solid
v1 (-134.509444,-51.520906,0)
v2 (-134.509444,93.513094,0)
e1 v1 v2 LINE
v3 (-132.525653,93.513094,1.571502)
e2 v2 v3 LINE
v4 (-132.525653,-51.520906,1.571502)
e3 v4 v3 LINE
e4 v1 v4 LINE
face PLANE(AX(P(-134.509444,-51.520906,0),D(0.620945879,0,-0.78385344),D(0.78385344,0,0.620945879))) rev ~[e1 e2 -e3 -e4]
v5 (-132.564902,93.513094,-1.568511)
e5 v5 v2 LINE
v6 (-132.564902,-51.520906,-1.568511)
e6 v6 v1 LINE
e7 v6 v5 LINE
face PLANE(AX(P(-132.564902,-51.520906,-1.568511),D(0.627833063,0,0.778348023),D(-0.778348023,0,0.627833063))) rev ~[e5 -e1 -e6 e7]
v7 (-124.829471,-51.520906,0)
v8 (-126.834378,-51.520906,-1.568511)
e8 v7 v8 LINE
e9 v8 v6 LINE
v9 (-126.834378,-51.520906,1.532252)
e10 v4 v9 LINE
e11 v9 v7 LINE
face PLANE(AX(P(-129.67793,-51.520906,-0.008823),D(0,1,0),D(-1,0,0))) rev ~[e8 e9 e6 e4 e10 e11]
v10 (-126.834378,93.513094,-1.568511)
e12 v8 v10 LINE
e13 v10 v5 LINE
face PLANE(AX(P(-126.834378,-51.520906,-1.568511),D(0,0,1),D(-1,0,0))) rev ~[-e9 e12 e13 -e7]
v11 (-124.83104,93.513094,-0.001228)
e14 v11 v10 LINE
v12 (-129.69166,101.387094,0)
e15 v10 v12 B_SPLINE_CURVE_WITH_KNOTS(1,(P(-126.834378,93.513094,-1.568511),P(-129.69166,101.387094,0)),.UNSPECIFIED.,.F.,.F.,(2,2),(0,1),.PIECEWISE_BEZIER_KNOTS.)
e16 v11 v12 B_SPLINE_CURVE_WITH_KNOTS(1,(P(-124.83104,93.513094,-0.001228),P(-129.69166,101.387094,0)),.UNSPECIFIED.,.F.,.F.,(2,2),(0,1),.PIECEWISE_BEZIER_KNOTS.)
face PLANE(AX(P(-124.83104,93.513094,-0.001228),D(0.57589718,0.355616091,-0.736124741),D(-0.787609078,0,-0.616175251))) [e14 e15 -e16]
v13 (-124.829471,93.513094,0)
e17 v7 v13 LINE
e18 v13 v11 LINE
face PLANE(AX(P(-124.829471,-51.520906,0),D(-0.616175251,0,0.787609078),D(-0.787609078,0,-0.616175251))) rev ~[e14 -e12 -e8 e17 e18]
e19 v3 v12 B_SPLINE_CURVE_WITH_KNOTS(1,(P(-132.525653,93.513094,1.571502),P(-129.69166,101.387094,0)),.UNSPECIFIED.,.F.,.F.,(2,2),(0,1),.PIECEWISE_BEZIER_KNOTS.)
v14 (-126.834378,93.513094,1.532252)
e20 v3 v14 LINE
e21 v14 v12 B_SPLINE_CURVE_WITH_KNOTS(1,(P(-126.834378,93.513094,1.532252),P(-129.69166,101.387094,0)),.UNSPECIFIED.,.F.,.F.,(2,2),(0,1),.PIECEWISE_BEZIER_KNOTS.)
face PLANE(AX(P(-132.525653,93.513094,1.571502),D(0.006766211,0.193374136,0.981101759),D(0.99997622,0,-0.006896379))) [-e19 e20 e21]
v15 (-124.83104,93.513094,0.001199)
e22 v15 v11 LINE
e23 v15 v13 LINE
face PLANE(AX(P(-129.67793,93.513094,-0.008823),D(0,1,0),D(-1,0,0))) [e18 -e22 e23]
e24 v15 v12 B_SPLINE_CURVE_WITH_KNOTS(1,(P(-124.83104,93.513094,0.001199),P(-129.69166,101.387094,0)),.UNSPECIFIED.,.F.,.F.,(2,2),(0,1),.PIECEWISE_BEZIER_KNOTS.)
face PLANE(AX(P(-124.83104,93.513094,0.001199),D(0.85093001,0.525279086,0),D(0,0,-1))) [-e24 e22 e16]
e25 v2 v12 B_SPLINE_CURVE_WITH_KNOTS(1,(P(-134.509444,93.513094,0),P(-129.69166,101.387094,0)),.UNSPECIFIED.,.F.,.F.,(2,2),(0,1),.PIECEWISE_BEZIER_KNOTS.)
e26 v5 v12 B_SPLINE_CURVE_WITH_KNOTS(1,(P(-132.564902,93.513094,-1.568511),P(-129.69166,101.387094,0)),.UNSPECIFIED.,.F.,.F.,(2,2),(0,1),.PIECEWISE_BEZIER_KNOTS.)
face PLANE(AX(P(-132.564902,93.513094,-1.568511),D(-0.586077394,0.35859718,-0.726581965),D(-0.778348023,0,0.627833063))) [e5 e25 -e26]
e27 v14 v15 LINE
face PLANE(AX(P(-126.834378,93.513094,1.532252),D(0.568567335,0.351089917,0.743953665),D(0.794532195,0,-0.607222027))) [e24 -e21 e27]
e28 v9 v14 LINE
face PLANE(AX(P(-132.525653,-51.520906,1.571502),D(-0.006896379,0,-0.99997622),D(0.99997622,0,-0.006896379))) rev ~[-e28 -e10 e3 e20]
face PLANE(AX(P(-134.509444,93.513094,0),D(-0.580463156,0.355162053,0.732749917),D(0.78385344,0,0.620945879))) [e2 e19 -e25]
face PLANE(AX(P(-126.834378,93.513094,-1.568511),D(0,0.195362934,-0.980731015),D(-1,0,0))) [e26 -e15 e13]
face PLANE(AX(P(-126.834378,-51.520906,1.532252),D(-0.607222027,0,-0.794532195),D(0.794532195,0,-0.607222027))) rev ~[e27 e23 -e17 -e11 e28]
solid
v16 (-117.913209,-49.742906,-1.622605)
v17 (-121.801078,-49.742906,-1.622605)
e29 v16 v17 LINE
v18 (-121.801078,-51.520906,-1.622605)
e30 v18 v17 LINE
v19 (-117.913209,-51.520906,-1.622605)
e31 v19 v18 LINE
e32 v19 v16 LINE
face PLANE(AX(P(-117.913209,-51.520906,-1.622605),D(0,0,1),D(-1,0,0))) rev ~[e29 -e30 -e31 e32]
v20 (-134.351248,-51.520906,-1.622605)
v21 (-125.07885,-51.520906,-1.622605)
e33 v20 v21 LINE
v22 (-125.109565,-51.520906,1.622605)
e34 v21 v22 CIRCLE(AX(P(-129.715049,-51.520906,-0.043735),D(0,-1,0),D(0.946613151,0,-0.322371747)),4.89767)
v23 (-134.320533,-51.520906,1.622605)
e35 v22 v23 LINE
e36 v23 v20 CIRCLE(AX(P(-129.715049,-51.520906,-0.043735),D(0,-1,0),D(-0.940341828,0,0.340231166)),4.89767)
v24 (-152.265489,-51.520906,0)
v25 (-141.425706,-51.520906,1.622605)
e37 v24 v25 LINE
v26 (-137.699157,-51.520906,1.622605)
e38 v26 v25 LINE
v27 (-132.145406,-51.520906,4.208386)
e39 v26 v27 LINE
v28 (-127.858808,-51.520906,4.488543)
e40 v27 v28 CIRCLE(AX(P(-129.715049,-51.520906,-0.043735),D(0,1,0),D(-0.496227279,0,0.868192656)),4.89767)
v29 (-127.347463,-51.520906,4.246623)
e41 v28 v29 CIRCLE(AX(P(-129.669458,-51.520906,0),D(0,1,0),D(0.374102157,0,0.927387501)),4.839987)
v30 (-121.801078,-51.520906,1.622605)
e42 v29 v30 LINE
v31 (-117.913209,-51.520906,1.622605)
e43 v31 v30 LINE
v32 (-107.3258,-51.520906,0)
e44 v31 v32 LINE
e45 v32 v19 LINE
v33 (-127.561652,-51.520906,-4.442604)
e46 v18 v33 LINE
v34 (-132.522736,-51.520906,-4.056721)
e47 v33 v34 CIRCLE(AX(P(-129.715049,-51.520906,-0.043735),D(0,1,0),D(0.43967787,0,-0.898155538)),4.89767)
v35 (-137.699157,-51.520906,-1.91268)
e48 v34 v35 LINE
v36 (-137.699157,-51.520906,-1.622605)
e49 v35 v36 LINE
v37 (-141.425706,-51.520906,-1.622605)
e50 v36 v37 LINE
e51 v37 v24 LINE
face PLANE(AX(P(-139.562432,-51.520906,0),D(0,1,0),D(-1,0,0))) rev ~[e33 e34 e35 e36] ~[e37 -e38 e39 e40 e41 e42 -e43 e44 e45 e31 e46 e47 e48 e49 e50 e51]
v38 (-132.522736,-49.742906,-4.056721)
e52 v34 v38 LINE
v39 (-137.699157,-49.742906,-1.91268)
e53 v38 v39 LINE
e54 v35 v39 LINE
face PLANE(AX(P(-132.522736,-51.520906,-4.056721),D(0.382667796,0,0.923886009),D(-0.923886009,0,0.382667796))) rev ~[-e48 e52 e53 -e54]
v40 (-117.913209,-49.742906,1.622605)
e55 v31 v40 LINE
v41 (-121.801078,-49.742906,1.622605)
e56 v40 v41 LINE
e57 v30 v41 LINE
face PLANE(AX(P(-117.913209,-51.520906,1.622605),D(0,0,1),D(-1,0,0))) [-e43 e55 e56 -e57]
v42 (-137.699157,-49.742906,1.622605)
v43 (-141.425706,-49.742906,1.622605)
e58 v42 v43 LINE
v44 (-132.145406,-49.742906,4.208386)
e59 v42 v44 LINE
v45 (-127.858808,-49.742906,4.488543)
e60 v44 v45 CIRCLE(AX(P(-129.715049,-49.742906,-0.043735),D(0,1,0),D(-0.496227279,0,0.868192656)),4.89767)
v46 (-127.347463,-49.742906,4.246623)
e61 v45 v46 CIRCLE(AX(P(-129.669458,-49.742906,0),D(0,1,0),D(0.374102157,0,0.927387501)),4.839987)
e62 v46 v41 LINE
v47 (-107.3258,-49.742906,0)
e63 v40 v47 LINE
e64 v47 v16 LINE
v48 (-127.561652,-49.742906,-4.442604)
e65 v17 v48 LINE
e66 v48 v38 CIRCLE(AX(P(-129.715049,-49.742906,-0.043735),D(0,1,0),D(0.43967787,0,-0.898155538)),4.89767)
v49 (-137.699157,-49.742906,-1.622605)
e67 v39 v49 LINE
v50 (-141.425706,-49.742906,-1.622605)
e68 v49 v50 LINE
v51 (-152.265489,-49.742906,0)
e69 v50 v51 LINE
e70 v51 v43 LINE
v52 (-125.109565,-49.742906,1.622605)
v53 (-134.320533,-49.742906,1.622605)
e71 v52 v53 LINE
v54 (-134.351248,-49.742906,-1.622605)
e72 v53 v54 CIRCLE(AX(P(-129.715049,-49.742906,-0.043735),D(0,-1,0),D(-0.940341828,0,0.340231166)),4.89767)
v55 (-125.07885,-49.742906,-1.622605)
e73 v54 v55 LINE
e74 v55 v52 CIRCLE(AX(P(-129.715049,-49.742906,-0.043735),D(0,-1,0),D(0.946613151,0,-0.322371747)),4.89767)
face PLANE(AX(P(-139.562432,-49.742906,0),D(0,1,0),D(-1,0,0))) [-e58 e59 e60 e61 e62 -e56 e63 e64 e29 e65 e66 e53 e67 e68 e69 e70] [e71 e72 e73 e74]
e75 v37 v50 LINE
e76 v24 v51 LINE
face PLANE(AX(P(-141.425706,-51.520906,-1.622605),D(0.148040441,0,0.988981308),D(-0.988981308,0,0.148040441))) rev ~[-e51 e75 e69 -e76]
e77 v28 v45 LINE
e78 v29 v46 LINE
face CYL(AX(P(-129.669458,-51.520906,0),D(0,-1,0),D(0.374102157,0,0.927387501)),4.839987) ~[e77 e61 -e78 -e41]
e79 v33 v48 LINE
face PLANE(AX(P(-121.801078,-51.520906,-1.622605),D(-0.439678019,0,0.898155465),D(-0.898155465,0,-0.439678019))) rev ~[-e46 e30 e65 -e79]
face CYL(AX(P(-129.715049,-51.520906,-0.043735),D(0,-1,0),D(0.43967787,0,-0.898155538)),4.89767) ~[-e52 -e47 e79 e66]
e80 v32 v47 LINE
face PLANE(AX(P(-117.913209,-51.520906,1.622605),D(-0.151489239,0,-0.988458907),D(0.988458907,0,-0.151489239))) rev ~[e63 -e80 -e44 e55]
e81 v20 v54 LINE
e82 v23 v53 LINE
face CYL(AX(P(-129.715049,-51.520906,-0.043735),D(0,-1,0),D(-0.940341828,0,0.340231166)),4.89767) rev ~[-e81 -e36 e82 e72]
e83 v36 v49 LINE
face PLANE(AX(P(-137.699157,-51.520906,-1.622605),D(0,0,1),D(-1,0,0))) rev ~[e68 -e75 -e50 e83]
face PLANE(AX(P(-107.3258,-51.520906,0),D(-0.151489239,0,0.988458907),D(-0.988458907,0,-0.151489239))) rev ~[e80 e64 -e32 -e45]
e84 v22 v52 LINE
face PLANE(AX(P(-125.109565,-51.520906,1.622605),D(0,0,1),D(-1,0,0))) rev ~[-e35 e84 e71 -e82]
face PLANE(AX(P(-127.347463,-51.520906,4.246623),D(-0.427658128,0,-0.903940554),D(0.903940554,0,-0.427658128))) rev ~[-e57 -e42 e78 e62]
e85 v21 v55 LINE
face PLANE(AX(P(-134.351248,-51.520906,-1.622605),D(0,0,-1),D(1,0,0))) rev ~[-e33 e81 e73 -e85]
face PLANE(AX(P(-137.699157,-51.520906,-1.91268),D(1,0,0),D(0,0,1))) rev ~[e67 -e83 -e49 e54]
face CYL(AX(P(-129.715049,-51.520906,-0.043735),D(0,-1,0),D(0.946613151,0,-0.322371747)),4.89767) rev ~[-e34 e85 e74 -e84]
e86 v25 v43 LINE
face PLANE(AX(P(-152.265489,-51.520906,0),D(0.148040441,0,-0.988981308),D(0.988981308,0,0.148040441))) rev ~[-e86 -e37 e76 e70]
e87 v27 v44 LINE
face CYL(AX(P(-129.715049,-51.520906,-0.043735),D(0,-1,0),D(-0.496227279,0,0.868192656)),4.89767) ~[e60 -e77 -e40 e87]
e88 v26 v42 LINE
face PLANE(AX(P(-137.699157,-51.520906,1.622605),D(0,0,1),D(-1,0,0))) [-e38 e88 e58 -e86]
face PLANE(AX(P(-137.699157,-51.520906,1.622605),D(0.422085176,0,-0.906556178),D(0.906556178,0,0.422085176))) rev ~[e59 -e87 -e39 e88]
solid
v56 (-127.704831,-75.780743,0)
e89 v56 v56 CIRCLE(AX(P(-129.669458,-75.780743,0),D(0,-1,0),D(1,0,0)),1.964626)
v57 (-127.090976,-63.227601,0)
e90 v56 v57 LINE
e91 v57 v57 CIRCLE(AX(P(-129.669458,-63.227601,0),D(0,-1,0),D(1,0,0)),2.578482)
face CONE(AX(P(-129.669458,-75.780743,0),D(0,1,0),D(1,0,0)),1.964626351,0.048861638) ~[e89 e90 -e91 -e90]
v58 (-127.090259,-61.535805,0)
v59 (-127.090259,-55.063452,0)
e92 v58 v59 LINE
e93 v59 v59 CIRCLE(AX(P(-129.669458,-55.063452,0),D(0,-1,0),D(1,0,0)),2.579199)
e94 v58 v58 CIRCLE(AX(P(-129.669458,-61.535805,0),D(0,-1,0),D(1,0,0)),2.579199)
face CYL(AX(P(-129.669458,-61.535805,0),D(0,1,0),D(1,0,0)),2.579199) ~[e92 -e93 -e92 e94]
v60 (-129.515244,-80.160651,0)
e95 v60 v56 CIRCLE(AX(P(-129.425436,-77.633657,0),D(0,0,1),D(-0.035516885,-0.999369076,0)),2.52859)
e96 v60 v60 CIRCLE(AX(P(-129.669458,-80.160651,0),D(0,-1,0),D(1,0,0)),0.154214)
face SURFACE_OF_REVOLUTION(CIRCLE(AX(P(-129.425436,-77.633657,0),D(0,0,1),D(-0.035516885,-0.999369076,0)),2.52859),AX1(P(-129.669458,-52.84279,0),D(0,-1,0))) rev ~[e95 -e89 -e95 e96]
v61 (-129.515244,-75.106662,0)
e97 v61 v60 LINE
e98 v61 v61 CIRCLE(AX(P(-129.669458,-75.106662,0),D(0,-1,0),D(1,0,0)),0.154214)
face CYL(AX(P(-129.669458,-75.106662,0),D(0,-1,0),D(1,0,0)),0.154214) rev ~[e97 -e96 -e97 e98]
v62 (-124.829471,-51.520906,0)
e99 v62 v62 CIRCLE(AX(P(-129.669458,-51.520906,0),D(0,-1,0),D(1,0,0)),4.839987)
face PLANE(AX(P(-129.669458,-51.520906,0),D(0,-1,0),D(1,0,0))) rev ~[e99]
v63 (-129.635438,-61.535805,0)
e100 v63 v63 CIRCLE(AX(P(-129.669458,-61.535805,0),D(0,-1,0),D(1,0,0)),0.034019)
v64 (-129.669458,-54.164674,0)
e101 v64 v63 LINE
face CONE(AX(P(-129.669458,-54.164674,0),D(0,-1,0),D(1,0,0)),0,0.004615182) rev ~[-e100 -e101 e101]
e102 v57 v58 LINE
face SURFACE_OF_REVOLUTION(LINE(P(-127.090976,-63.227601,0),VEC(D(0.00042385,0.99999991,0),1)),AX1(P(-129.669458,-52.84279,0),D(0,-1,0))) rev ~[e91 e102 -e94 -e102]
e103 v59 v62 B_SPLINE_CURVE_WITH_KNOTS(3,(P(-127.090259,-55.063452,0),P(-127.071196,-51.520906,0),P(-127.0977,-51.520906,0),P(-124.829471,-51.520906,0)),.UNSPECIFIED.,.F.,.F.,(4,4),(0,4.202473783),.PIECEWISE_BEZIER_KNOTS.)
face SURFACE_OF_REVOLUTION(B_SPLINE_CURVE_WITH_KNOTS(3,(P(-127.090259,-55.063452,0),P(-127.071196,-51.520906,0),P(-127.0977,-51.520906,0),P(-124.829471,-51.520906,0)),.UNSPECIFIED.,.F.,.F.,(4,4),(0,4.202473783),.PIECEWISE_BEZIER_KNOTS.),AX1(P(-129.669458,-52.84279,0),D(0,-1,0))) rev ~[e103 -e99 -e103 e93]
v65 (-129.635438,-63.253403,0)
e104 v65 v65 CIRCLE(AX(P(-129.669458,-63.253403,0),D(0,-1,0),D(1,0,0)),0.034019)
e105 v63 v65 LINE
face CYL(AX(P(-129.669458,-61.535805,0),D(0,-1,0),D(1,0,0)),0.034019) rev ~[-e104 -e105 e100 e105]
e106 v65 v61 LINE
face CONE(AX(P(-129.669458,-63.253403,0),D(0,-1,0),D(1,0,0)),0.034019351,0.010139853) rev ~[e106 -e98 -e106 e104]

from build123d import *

# Parameters (mm, degrees)
F2_W     = 3.7265494466
F2_H     = 3.2452103915
F2_W_2   = 3.8878694177
F3_DEPTH = 1.778
F5_DEPTH = 145.034


with BuildPart() as f1:
    # F0 (on Top) → F1 (revolve)
    with BuildSketch(Plane.XY):
        with BuildLine():
            Line((-127.0902585749, -61.5358054638), (-127.0902585749, -55.0634515109))
            add(Edge.make_bspline(
                [(-129.669457674, -54.1646741331), (-128.2850205898, -54.2526878417), (-127.9523950581, -54.2903457406), (-127.0902585749, -55.0634515109)],
                knots=[0, 0, 0, 0, 2.7313126456, 2.7313126456, 2.7313126456, 2.7313126456], degree=3))
            Line((-129.669457674, -54.1646741331), (-129.635438323, -61.5358054638))
            Line((-129.635438323, -61.5358054638), (-127.0902585749, -61.5358054638))
        make_face()
        with BuildLine():
            add(Edge.make_bspline(
                [(-129.669457674, -54.1646741331), (-128.2850205898, -54.2526878417), (-127.9523950581, -54.2903457406), (-127.0902585749, -55.0634515109)],
                knots=[0, 0, 0, 0, 2.7313126456, 2.7313126456, 2.7313126456, 2.7313126456], degree=3))
            add(Edge.make_bspline(
                [(-127.0902585749, -55.0634515109), (-127.0711956695, -51.5209063888), (-127.0976996838, -51.5209063888), (-124.8294711113, -51.5209063888)],
                knots=[0, 0, 0, 0, 4.2024737832, 4.2024737832, 4.2024737832, 4.2024737832], degree=3))
            Line((-124.8294711113, -51.5209063888), (-129.669457674, -51.5209063888))
            Line((-129.669457674, -51.5209063888), (-129.669457674, -54.1646741331))
        make_face()
        Polygon((-127.0909756422, -63.2276013494), (-127.0902585749, -61.5358054638), (-129.635438323, -61.5358054638), (-129.635438323, -63.25340271), align=None)
        with BuildLine():
            Line((-127.7048313232, -75.7807434323), (-127.0909756422, -63.2276013494))
            Line((-127.0909756422, -63.2276013494), (-129.635438323, -63.25340271))
            Line((-129.635438323, -63.25340271), (-129.5152439055, -75.1066617071))
            ThreePointArc((-129.5152439055, -75.1066617071), (-128.5431259435, -75.263994789), (-127.7048313232, -75.7807434323))
        make_face()
        with BuildLine():
            ThreePointArc((-129.5152439055, -80.1606514156), (-127.0886064754, -78.5995732103), (-127.7048313232, -75.7807434323))
            ThreePointArc((-127.7048313232, -75.7807434323), (-128.5431259435, -75.263994789), (-129.5152439055, -75.1066617071))
            Line((-129.5152439055, -75.1066617071), (-129.5152439055, -80.1606514156))
        make_face()
    revolve(axis=Axis((-129.669457674, -52.8427902609, 0), (0, -1, 0)))


with BuildPart() as f3:
    # F2 (on face) → F3 (new body)
    with BuildSketch(Plane(origin=(0, -51.5209063888, 0), x_dir=(-1, 0, 0), z_dir=(0, 1, 0))):
        with Locations((139.5624317229, 0)):
            Rectangle(F2_W, F2_H)
        Polygon((152.2654891014, 0), (141.4257064462, 1.6226051957), (141.4257064462, -1.6226051957), align=None)
        with BuildLine():
            Line((137.6991569996, -1.6226051957), (137.6991569996, 1.6226051957))
            Line((137.6991569996, 1.6226051957), (134.3205327463, 1.6226051957))
            ThreePointArc((134.3205327463, 1.6226051957), (134.6124994318, 0.0026180172), (134.3512476145, -1.6226051957))
            Line((134.3512476145, -1.6226051957), (137.6991569996, -1.6226051957))
        make_face()
        with BuildLine():
            Line((134.3205327463, 1.6226051957), (137.6991569996, 1.6226051957))
            Line((137.6991569996, 1.6226051957), (132.1454062558, 4.2083863288))
            ThreePointArc((132.1454062558, 4.2083863288), (133.4630258653, 3.1090162755), (134.3205327463, 1.6226051957))
        make_face()
        with BuildLine():
            Line((125.1095648786, 1.6226051957), (134.3205327463, 1.6226051957))
            ThreePointArc((134.3205327463, 1.6226051957), (133.4630258653, 3.1090162755), (132.1454062558, 4.2083863288))
            ThreePointArc((132.1454062558, 4.2083863288), (130.034461551, 4.8435084859), (127.8588082619, 4.4885430413))
            Line((127.8588082619, 4.4885430413), (127.3474626864, 4.2466232709))
            ThreePointArc((127.3474626864, 4.2466232709), (125.9868685604, 3.1407017286), (125.1095648786, 1.6226051957))
        make_face()
        with BuildLine():
            Line((137.6991569996, -1.9126803963), (137.6991569996, -1.6226051957))
            Line((137.6991569996, -1.6226051957), (134.3512476145, -1.6226051957))
            ThreePointArc((134.3512476145, -1.6226051957), (133.6309256802, -2.9853464903), (132.5227364323, -4.0567213621))
            Line((132.5227364323, -4.0567213621), (137.6991569996, -1.9126803963))
        make_face()
        with BuildLine():
            ThreePointArc((125.0788500104, -1.6226051957), (124.8175981931, 0.0026180172), (125.1095648786, 1.6226051957))
            Line((125.1095648786, 1.6226051957), (121.8010783195, 1.6226051957))
            Line((121.8010783195, 1.6226051957), (121.8010783195, -1.6226051957))
            Line((121.8010783195, -1.6226051957), (125.0788500104, -1.6226051957))
        make_face()
        with BuildLine():
            Line((121.8010783195, 1.6226051957), (125.1095648786, 1.6226051957))
            ThreePointArc((125.1095648786, 1.6226051957), (125.9868685604, 3.1407017286), (127.3474626864, 4.2466232709))
            Line((127.3474626864, 4.2466232709), (121.8010783195, 1.6226051957))
        make_face()
        with BuildLine():
            ThreePointArc((132.5227364323, -4.0567213621), (133.6309256802, -2.9853464903), (134.3512476145, -1.6226051957))
            Line((134.3512476145, -1.6226051957), (125.0788500104, -1.6226051957))
            ThreePointArc((125.0788500104, -1.6226051957), (126.0390793221, -3.2801555498), (127.5616517136, -4.442604181))
            ThreePointArc((127.5616517136, -4.442604181), (130.0948519311, -4.9266561038), (132.5227364323, -4.0567213621))
        make_face()
        with BuildLine():
            Line((127.3474626864, 4.2466232709), (127.8588082619, 4.4885430413))
            ThreePointArc((127.8588082619, 4.4885430413), (127.5995980828, 4.3750601367), (127.3474626864, 4.2466232709))
        make_face()
        with Locations((119.8571436107, 0)):
            Rectangle(F2_W_2, F2_H)
        with BuildLine():
            ThreePointArc((127.5616517136, -4.442604181), (126.0390793221, -3.2801555498), (125.0788500104, -1.6226051957))
            Line((125.0788500104, -1.6226051957), (121.8010783195, -1.6226051957))
            Line((121.8010783195, -1.6226051957), (127.5616517136, -4.442604181))
        make_face()
        Polygon((117.9132089019, -1.6226051957), (117.9132089019, 1.6226051957), (107.3257997632, 0), align=None)
    extrude(amount=F3_DEPTH)


with BuildPart() as f5:
    # F4 (on face) → F5 (new body)
    with BuildSketch(Plane(origin=(0, -51.5209063888, 0), x_dir=(-1, 0, 0), z_dir=(0, 1, 0))):
        Polygon((126.8343776464, 1.5322518302), (124.8294711113, 0), (126.8343776464, -1.5685113613), (132.5649023056, -1.5685113613), (134.5094442368, 0), (132.525652647, 1.5715019545), align=None)
    extrude(amount=F5_DEPTH)

    # F6 (on face) → F9 section 0
    with BuildSketch(Plane(origin=(0, 93.5130936112, 0), x_dir=(-1, 0, 0), z_dir=(0, 1, 0)), mode=Mode.PRIVATE) as f9_s0:
        Polygon((126.8343776464, 1.5322518302), (124.831040289, 0.0011992456), (124.831040289, -0.0012276248), (126.8343776464, -1.5685113613), (132.5649023056, -1.5685113613), (134.5094442368, 0), (132.525652647, 1.5715019545), align=None)
    loft([f9_s0.sketch, Vertex(-129.6916604042, 101.3870936112, 0)])


solid = Compound([f1.part, f3.part, f5.part])
